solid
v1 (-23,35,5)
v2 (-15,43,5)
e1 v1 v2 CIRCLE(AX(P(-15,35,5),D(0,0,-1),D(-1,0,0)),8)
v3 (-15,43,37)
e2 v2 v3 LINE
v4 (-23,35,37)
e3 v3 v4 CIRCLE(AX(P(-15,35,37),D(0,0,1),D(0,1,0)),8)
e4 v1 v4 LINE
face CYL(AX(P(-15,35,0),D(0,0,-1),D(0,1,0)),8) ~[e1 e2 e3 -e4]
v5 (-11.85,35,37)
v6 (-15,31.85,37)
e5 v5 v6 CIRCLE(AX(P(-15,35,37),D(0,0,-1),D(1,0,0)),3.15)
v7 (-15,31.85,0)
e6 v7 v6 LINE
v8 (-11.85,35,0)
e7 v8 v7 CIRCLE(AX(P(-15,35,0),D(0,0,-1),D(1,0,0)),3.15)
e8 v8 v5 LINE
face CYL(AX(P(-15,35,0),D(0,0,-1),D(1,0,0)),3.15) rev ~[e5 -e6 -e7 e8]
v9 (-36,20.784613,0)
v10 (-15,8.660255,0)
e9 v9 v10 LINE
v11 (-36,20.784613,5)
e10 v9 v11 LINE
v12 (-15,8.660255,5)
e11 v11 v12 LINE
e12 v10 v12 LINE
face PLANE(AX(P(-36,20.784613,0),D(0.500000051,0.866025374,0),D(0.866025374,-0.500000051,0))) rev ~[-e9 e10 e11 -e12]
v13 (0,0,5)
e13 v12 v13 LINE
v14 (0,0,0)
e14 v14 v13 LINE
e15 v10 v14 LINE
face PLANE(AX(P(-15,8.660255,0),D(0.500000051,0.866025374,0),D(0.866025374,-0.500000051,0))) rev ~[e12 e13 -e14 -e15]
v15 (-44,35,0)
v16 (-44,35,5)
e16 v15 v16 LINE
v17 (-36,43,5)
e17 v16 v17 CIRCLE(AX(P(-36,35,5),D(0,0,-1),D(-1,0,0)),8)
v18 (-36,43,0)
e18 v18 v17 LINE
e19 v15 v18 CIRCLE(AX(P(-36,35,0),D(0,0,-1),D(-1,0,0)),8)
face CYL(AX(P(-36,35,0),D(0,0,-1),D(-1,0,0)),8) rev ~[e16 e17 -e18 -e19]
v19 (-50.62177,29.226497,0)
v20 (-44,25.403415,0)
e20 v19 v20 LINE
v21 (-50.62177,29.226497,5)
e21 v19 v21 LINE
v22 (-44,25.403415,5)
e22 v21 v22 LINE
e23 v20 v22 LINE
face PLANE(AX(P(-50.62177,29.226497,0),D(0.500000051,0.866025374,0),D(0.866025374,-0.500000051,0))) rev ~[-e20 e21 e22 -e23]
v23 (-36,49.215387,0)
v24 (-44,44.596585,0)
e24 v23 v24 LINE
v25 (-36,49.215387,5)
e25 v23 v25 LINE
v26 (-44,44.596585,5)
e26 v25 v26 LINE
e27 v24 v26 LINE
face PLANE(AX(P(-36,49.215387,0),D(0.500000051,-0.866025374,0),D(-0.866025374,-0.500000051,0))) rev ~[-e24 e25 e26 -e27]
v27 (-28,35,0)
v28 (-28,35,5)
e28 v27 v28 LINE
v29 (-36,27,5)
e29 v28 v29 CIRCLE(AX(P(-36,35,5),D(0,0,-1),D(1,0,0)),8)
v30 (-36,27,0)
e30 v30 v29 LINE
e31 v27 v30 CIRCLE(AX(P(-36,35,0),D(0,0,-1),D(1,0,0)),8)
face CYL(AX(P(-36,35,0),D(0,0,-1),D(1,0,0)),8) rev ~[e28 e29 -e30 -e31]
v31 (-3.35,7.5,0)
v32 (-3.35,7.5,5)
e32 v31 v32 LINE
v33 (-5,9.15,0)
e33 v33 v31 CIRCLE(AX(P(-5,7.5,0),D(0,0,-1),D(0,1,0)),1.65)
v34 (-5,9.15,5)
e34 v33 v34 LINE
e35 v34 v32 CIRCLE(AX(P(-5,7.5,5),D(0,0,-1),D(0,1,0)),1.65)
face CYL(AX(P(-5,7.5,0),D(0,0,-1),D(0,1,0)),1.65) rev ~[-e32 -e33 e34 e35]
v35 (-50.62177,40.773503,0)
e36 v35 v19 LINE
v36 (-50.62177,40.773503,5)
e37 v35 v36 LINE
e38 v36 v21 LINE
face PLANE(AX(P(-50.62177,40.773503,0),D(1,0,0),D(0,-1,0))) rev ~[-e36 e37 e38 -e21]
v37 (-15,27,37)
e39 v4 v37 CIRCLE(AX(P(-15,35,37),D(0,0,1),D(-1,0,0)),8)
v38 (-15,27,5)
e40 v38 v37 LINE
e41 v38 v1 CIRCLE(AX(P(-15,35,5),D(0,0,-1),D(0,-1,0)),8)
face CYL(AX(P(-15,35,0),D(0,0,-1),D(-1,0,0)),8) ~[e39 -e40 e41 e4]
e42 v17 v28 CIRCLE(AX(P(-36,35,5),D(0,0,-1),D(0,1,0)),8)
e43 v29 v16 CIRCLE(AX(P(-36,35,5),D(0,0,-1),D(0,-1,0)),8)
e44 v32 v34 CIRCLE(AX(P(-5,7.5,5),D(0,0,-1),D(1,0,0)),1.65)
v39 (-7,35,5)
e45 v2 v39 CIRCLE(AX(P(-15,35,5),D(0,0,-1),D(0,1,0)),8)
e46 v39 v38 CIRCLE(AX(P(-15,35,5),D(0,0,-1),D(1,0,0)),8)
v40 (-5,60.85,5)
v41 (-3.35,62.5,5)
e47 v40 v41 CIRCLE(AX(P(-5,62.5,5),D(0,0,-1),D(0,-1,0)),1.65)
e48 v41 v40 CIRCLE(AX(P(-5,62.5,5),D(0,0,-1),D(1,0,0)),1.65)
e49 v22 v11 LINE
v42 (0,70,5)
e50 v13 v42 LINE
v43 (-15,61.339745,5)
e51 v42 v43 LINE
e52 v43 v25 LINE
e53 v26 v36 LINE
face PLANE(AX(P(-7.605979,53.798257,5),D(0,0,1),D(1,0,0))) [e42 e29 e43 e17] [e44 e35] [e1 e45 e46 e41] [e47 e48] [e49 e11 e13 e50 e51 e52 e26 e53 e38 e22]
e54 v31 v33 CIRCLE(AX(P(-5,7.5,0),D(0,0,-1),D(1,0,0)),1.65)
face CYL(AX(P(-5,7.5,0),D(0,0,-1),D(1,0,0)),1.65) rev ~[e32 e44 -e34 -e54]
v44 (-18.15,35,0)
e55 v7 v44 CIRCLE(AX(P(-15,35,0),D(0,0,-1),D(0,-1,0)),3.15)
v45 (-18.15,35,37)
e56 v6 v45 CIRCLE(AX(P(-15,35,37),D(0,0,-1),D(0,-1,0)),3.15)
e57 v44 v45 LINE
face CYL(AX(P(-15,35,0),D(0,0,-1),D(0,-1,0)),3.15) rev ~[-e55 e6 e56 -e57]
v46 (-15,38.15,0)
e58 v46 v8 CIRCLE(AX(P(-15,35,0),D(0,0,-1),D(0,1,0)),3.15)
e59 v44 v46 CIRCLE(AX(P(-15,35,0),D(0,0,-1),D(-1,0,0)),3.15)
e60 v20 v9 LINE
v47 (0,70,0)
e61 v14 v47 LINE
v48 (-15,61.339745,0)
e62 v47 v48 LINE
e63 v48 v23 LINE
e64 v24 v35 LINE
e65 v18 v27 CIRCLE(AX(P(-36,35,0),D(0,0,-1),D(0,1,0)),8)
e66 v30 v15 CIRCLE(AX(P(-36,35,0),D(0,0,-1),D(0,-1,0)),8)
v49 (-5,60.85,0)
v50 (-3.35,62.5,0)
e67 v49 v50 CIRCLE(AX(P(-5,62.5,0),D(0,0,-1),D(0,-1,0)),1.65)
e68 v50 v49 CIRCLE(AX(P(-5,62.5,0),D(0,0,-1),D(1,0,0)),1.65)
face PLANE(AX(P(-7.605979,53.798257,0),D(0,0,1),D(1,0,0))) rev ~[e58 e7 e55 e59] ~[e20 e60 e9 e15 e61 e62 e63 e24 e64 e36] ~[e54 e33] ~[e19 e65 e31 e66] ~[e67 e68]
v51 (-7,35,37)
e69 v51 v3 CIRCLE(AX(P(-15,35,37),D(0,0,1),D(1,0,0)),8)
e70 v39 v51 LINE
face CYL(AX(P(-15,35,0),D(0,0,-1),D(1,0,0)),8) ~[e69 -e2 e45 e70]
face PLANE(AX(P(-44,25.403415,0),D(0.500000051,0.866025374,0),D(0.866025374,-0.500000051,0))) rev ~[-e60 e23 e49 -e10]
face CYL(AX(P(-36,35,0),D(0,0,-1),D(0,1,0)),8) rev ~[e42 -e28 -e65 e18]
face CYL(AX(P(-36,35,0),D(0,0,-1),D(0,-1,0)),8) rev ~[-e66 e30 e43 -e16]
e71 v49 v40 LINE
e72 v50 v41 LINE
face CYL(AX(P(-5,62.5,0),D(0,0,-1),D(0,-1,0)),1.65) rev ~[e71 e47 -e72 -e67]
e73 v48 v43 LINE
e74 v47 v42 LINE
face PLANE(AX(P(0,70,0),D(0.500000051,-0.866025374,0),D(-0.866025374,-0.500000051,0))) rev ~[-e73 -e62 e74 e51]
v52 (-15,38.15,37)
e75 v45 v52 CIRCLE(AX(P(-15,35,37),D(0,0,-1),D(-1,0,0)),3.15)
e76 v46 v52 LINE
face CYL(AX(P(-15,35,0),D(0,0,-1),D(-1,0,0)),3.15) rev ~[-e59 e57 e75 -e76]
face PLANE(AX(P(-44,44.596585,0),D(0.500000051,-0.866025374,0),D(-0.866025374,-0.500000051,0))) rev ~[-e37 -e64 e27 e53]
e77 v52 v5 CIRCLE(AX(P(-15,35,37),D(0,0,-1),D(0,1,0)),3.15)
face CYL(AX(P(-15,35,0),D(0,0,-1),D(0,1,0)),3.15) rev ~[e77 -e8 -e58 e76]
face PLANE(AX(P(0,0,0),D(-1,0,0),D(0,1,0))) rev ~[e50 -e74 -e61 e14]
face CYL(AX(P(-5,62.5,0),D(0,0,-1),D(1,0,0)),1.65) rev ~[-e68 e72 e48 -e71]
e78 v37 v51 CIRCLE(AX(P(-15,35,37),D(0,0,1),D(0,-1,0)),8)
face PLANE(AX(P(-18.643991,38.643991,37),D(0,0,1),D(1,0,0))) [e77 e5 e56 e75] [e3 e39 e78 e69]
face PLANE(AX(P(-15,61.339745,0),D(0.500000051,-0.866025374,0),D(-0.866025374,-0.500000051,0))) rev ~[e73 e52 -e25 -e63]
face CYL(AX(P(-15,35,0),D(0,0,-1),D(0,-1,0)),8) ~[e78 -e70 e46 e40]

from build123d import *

# Parameters (mm, degrees)
F1_DEPTH = 5
F2_DEPTH = 37


with BuildPart() as f1:
    # F0 (on Top) → F1 (new body)
    with BuildSketch(Plane.XY):
        with BuildLine():
            Line((-3.35, 62.5), (0, 62.5))
            Line((0, 62.5), (0, 70))
            Line((0, 70), (-15, 61.3397447815))
            Line((-15, 61.3397447815), (-15, 43))
            ThreePointArc((-15, 43), (-9.3431457505, 40.6568542495), (-7, 35))
            Line((-7, 35), (-5, 35))
            Line((-5, 35), (-5, 60.85))
            ThreePointArc((-5, 60.85), (-6.166726189, 63.666726189), (-3.35, 62.5))
        make_face()
        with BuildLine():
            Line((-5, 35), (0, 35))
            Line((0, 35), (0, 62.5))
            Line((0, 62.5), (-3.35, 62.5))
            ThreePointArc((-3.35, 62.5), (-3.833273811, 61.333273811), (-5, 60.85))
            Line((-5, 60.85), (-5, 35))
        make_face()
        with BuildLine():
            Line((-3.35, 7.5), (0, 7.5))
            Line((0, 7.5), (0, 35))
            Line((0, 35), (-5, 35))
            Line((-5, 35), (-5, 9.15))
            ThreePointArc((-5, 9.15), (-3.833273811, 8.666726189), (-3.35, 7.5))
        make_face()
        with BuildLine():
            Line((-15, 8.6602552185), (0, 0))
            Line((0, 0), (0, 7.5))
            Line((0, 7.5), (-3.35, 7.5))
            ThreePointArc((-3.35, 7.5), (-6.166726189, 6.333273811), (-5, 9.15))
            Line((-5, 9.15), (-5, 35))
            Line((-5, 35), (-7, 35))
            ThreePointArc((-7, 35), (-9.3431457505, 29.3431457505), (-15, 27))
            Line((-15, 27), (-15, 8.6602552185))
        make_face()
        with BuildLine():
            Line((-36, 20.7846125245), (-15, 8.6602552185))
            Line((-15, 8.6602552185), (-15, 27))
            ThreePointArc((-15, 27), (-20.6568542495, 29.3431457505), (-23, 35))
            Line((-23, 35), (-28, 35))
            ThreePointArc((-28, 35), (-30.3431457505, 29.3431457505), (-36, 27))
            Line((-36, 27), (-36, 20.7846125245))
        make_face()
        with BuildLine():
            Line((-28, 35), (-23, 35))
            ThreePointArc((-23, 35), (-20.6568542495, 40.6568542495), (-15, 43))
            Line((-15, 43), (-15, 61.3397447815))
            Line((-15, 61.3397447815), (-36, 49.2153874755))
            Line((-36, 49.2153874755), (-36, 43))
            ThreePointArc((-36, 43), (-30.3431457505, 40.6568542495), (-28, 35))
        make_face()
        with BuildLine():
            Line((-44, 44.5965846923), (-44, 35))
            ThreePointArc((-44, 35), (-41.6568542495, 40.6568542495), (-36, 43))
            Line((-36, 43), (-36, 49.2153874755))
            Line((-36, 49.2153874755), (-44, 44.5965846923))
        make_face()
        with BuildLine():
            Line((-44, 25.4034153077), (-36, 20.7846125245))
            Line((-36, 20.7846125245), (-36, 27))
            ThreePointArc((-36, 27), (-41.6568542495, 29.3431457505), (-44, 35))
            Line((-44, 35), (-44, 25.4034153077))
        make_face()
        Polygon((-50.62177, 29.226496521), (-44, 25.4034153077), (-44, 35), (-50.62177, 35), align=None)
        Polygon((-50.62177, 35), (-44, 35), (-44, 44.5965846923), (-50.62177, 40.773503479), align=None)
    extrude(amount=F1_DEPTH)

    # F0 (on Top) → F2 (join)
    with BuildSketch(Plane.XY):
        with BuildLine():
            ThreePointArc((-15, 43), (-20.6568542495, 40.6568542495), (-23, 35))
            Line((-23, 35), (-18.15, 35))
            ThreePointArc((-18.15, 35), (-17.2273863607, 37.2273863607), (-15, 38.15))
            Line((-15, 38.15), (-15, 43))
        make_face()
        with BuildLine():
            Line((-11.85, 35), (-7, 35))
            ThreePointArc((-7, 35), (-9.3431457505, 40.6568542495), (-15, 43))
            Line((-15, 43), (-15, 38.15))
            ThreePointArc((-15, 38.15), (-12.7726136393, 37.2273863607), (-11.85, 35))
        make_face()
        with BuildLine():
            Line((-15, 31.85), (-15, 27))
            ThreePointArc((-15, 27), (-9.3431457505, 29.3431457505), (-7, 35))
            Line((-7, 35), (-11.85, 35))
            ThreePointArc((-11.85, 35), (-12.7726136393, 32.7726136393), (-15, 31.85))
        make_face()
        with BuildLine():
            ThreePointArc((-23, 35), (-20.6568542495, 29.3431457505), (-15, 27))
            Line((-15, 27), (-15, 31.85))
            ThreePointArc((-15, 31.85), (-17.2273863607, 32.7726136393), (-18.15, 35))
            Line((-18.15, 35), (-23, 35))
        make_face()
    extrude(amount=F2_DEPTH)


solid = f1.part
